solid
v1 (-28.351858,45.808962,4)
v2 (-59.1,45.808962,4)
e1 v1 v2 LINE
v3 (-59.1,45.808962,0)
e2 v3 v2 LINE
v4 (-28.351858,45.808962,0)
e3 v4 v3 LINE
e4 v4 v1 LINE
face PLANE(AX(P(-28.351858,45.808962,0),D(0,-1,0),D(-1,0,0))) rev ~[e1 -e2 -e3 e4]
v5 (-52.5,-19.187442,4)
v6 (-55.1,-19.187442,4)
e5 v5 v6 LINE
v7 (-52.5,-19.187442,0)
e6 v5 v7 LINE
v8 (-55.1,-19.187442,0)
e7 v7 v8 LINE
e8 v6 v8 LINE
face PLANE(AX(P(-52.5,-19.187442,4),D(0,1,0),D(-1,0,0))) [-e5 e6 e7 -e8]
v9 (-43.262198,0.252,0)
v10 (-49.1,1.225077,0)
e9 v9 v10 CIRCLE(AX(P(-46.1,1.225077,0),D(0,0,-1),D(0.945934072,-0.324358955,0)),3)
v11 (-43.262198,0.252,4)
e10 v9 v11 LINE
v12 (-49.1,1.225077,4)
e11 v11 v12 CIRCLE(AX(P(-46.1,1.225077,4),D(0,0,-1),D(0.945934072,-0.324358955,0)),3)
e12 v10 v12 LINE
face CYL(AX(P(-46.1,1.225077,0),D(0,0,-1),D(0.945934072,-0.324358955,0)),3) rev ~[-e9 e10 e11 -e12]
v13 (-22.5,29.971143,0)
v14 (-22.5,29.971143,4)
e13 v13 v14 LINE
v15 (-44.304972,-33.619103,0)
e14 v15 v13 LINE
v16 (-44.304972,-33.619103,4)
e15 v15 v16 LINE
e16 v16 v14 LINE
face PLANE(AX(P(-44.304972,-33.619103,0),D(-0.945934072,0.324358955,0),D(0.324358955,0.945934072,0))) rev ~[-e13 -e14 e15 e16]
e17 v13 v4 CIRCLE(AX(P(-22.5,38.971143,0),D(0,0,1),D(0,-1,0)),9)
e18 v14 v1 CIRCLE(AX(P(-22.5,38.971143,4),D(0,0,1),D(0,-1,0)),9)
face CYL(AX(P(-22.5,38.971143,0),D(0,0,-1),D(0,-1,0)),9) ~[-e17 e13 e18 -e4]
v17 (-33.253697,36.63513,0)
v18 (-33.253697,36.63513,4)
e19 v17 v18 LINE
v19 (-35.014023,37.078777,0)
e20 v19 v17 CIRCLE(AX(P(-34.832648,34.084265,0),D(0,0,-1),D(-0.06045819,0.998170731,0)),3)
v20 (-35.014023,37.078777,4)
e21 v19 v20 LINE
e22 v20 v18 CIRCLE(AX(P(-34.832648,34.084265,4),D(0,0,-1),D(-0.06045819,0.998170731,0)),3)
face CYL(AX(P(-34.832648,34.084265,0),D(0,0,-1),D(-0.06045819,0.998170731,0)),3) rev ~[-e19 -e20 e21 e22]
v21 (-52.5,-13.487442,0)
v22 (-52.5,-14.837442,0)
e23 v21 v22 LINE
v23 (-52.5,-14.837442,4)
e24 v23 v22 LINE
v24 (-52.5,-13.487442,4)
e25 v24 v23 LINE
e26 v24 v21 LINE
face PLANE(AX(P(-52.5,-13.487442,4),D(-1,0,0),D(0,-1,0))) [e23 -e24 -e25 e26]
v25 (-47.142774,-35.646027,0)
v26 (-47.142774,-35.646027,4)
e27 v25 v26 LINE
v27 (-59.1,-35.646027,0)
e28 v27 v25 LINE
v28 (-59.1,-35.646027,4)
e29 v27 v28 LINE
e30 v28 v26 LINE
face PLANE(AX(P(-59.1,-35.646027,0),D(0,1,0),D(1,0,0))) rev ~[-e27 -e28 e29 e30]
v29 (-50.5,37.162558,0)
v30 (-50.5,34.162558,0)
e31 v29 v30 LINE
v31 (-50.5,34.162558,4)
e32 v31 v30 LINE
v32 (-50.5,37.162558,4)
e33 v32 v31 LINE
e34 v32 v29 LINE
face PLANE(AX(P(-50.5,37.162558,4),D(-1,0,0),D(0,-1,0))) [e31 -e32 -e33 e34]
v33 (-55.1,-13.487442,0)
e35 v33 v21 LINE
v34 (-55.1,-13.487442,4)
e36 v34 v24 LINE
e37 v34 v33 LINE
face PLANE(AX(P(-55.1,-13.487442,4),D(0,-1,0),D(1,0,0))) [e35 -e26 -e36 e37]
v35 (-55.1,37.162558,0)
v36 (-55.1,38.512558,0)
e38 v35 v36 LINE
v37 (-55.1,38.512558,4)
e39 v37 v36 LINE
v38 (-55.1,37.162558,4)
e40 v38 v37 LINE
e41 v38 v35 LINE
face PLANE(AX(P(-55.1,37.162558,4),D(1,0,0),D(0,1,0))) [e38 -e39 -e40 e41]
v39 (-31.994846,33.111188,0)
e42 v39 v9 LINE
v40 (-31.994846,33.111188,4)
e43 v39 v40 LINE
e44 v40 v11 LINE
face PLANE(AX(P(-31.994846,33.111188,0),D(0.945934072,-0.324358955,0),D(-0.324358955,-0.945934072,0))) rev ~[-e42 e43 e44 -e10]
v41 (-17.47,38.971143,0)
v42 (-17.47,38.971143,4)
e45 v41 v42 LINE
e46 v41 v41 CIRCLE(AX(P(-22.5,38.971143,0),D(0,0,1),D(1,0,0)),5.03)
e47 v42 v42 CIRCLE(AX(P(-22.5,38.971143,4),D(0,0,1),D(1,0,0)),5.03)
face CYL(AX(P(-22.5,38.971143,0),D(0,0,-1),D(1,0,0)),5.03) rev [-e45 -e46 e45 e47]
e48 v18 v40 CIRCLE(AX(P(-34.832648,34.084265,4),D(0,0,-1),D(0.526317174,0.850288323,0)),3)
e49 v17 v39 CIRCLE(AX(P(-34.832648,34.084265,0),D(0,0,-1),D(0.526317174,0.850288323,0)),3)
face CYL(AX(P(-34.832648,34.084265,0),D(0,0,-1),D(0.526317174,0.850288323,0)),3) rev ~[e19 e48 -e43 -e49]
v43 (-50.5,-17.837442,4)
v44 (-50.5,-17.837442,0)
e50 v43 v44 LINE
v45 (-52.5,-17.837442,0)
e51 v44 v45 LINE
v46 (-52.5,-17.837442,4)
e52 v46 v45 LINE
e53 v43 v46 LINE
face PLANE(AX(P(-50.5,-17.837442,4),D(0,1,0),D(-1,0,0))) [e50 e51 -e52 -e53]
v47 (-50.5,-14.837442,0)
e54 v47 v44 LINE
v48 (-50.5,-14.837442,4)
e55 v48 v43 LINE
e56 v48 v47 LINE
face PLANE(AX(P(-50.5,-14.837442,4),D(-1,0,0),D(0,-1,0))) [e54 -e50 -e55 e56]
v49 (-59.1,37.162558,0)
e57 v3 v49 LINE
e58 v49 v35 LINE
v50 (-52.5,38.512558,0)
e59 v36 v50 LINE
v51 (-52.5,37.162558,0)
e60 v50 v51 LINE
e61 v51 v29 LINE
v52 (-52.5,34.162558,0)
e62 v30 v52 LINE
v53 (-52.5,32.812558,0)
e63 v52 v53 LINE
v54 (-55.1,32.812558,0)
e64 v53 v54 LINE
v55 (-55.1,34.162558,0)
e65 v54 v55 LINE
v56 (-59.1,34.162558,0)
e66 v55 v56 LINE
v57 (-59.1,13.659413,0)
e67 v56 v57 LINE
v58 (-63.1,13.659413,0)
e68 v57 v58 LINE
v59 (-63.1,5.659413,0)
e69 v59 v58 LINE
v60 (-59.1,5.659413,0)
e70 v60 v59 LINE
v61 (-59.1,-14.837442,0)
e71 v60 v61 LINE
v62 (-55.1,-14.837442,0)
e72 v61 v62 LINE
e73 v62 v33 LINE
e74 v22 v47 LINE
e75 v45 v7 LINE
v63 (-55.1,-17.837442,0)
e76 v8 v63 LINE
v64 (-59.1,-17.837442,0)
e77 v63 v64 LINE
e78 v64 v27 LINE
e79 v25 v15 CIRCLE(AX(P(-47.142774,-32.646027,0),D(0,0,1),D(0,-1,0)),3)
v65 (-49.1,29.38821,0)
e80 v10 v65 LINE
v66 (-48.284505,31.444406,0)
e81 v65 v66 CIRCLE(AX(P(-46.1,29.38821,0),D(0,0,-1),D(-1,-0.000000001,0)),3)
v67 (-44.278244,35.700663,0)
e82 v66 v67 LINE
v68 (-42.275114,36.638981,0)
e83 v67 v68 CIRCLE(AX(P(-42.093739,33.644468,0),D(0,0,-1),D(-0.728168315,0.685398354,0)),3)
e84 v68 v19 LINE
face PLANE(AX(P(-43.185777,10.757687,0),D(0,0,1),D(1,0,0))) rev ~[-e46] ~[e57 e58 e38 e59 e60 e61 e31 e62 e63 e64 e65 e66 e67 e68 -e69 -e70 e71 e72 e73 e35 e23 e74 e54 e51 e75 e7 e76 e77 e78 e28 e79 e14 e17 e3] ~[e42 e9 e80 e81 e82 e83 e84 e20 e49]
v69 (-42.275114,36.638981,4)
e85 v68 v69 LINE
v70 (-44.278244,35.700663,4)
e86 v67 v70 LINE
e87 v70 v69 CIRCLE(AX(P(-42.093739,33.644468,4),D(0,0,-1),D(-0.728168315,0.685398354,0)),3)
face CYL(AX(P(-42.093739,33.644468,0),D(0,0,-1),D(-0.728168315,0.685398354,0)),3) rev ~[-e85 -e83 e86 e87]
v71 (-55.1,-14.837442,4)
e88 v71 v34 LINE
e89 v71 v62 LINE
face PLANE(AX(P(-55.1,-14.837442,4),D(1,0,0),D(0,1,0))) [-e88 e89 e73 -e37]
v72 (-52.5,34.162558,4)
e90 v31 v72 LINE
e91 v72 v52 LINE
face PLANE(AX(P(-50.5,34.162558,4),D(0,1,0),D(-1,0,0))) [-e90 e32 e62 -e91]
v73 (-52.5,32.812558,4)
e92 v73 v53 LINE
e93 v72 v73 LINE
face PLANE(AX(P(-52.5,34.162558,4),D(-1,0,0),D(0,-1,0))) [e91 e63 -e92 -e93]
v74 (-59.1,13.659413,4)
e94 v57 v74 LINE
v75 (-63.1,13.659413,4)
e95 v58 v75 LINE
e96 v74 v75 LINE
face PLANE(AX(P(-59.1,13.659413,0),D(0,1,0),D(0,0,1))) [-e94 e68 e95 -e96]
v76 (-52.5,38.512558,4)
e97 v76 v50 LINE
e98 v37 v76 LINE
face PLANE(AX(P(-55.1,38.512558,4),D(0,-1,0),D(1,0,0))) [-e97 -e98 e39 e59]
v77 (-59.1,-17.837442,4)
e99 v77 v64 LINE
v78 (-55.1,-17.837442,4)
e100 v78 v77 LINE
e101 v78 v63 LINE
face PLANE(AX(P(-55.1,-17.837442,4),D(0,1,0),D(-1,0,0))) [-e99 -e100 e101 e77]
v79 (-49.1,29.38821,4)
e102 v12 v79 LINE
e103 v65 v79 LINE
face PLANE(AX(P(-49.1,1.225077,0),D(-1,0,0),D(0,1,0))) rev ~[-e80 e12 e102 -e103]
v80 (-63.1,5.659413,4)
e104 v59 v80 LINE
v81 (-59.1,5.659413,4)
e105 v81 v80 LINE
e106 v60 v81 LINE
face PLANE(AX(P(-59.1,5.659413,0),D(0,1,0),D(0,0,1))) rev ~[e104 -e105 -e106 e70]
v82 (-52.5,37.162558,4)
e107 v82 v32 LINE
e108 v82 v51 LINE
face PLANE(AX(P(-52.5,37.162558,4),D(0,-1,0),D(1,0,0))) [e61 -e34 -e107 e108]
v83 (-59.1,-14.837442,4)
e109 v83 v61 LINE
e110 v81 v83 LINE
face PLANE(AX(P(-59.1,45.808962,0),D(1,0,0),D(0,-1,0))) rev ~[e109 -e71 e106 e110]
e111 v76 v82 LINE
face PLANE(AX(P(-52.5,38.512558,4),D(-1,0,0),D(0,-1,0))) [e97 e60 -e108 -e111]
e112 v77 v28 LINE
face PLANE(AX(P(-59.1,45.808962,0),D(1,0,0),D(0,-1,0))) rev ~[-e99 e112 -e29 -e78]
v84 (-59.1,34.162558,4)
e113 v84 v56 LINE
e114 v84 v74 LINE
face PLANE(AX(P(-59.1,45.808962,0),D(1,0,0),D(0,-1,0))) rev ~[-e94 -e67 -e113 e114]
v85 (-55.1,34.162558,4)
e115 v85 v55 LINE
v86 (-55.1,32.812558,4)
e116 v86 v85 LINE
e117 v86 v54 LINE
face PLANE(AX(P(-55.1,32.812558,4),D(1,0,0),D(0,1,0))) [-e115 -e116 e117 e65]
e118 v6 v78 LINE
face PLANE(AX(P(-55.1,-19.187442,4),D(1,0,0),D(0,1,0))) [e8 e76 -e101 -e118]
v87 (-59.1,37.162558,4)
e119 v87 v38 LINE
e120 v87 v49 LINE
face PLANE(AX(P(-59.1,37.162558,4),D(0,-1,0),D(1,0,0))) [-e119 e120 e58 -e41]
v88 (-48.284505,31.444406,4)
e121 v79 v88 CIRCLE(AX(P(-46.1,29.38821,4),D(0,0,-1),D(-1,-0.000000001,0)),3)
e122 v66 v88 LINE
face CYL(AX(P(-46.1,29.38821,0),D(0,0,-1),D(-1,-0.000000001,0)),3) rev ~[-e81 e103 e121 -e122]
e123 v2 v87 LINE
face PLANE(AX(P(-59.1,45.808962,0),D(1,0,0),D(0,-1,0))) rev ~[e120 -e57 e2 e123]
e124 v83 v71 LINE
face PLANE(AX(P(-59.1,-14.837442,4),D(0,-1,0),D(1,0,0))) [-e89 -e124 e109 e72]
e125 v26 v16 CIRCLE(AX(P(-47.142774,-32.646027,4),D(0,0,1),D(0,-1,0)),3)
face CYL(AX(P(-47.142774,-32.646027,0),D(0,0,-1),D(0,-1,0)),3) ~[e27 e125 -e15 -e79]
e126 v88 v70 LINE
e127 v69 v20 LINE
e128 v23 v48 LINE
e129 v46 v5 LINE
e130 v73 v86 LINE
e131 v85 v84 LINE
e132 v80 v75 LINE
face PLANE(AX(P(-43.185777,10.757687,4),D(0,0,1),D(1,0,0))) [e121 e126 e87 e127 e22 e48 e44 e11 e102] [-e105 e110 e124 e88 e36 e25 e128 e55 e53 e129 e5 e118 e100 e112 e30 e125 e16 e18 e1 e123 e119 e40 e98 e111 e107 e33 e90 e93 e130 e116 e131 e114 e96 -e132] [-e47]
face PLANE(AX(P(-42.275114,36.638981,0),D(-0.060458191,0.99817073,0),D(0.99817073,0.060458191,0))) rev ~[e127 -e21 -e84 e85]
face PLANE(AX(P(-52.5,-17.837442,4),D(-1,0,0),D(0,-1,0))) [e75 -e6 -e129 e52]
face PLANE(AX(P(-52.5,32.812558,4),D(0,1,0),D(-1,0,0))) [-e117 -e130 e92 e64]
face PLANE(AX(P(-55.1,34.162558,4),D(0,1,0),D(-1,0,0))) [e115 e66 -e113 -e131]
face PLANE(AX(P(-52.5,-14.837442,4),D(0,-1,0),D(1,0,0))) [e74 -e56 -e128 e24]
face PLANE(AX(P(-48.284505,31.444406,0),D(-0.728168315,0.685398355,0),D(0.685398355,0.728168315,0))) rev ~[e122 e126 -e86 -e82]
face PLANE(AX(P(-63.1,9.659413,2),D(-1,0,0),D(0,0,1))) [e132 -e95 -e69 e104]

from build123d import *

# Parameters (mm, degrees)
SKETCH_1_R          = 5.03
EXTRUDE_1_DEPTH     = 4
CUT_EXTRUDE_1_DEPTH = 4
SKETCH_4_W          = 4
SKETCH_4_H          = 8
EXTRUDE_2_DEPTH     = 4


with BuildPart() as part:
    # 草图1 → 凸台-拉伸1 (new body)
    with BuildSketch(Plane.XY):
        with BuildLine():
            Line((-59.1, 38.97114317), (-59.1, 2.206540881))
            Line((-59.1, 2.206540881), (-59.1, -35.646026533))
            Line((-59.1, -35.646026533), (-47.142774211, -35.646026533))
            ThreePointArc((-47.142774211, -35.646026533), (-45.399104316, -35.087258865), (-44.304971996, -33.619103399))
            Line((-44.304971996, -33.619103399), (-22.5, 29.97114317))
            ThreePointArc((-22.5, 29.97114317), (-14.057833007, 42.090408542), (-28.351857593, 45.808961734))
            Line((-28.351857593, 45.808961734), (-56.281374572, 45.808961734))
            Line((-56.281374572, 45.808961734), (-59.1, 45.808961734))
            Line((-59.1, 45.808961734), (-59.1, 42.814449543))
            Line((-59.1, 42.814449543), (-59.1, 38.97114317))
        make_face()
        with BuildLine():
            ThreePointArc((-35.014022641, 37.07877749), (-34.09949662, 36.993301041), (-33.253696548, 36.635130268))
            ThreePointArc((-33.253696548, 36.635130268), (-32.007498532, 35.093487817), (-31.994845854, 33.111188432))
            Line((-31.994845854, 33.111188432), (-43.262197785, 0.251999821))
            ThreePointArc((-43.262197785, 0.251999821), (-46.59325113, -1.734096056), (-49.1, 1.225076687))
            Line((-49.1, 1.225076687), (-49.1, 15.527048957))
            Line((-49.1, 15.527048957), (-49.1, 29.38821049))
            ThreePointArc((-49.1, 29.38821049), (-48.888683815, 30.494213466), (-48.284504946, 31.444405555))
            Line((-48.284504946, 31.444405555), (-44.278244198, 35.700663421))
            ThreePointArc((-44.278244198, 35.700663421), (-43.366317827, 36.361183979), (-42.275113824, 36.638980548))
            Line((-42.275113824, 36.638980548), (-35.014022641, 37.07877749))
        make_face(mode=Mode.SUBTRACT)
        with Locations((-22.5, 38.97114317)):
            Circle(SKETCH_1_R, mode=Mode.SUBTRACT)
    extrude(amount=EXTRUDE_1_DEPTH)

    # 草图2 → 切除-拉伸1 (cut)
    with BuildSketch(Plane.XY.offset(4)):
        Polygon((-59.1, -14.837441681), (-55.1, -14.837441681), (-55.1, -13.487441681), (-52.5, -13.487441681), (-52.5, -14.837441681), (-50.5, -14.837441681), (-50.5, -17.837441681), (-52.5, -17.837441681), (-52.5, -19.187441681), (-55.1, -19.187441681), (-55.1, -17.837441681), (-59.1, -17.837441681), align=None)
        Polygon((-59.1, 37.162558319), (-55.1, 37.162558319), (-55.1, 38.512558319), (-52.5, 38.512558319), (-52.5, 37.162558319), (-50.5, 37.162558319), (-50.5, 34.162558319), (-52.5, 34.162558319), (-52.5, 32.812558319), (-55.1, 32.812558319), (-55.1, 34.162558319), (-59.1, 34.162558319), align=None)
    extrude(amount=-CUT_EXTRUDE_1_DEPTH, mode=Mode.SUBTRACT)

    # 草图4 → 凸台-拉伸2 (add)
    with BuildSketch(Plane.ZY.offset(59.1)):
        with Locations((2, 9.659412515)):
            Rectangle(SKETCH_4_W, SKETCH_4_H)
    extrude(amount=EXTRUDE_2_DEPTH)


solid = part.part
